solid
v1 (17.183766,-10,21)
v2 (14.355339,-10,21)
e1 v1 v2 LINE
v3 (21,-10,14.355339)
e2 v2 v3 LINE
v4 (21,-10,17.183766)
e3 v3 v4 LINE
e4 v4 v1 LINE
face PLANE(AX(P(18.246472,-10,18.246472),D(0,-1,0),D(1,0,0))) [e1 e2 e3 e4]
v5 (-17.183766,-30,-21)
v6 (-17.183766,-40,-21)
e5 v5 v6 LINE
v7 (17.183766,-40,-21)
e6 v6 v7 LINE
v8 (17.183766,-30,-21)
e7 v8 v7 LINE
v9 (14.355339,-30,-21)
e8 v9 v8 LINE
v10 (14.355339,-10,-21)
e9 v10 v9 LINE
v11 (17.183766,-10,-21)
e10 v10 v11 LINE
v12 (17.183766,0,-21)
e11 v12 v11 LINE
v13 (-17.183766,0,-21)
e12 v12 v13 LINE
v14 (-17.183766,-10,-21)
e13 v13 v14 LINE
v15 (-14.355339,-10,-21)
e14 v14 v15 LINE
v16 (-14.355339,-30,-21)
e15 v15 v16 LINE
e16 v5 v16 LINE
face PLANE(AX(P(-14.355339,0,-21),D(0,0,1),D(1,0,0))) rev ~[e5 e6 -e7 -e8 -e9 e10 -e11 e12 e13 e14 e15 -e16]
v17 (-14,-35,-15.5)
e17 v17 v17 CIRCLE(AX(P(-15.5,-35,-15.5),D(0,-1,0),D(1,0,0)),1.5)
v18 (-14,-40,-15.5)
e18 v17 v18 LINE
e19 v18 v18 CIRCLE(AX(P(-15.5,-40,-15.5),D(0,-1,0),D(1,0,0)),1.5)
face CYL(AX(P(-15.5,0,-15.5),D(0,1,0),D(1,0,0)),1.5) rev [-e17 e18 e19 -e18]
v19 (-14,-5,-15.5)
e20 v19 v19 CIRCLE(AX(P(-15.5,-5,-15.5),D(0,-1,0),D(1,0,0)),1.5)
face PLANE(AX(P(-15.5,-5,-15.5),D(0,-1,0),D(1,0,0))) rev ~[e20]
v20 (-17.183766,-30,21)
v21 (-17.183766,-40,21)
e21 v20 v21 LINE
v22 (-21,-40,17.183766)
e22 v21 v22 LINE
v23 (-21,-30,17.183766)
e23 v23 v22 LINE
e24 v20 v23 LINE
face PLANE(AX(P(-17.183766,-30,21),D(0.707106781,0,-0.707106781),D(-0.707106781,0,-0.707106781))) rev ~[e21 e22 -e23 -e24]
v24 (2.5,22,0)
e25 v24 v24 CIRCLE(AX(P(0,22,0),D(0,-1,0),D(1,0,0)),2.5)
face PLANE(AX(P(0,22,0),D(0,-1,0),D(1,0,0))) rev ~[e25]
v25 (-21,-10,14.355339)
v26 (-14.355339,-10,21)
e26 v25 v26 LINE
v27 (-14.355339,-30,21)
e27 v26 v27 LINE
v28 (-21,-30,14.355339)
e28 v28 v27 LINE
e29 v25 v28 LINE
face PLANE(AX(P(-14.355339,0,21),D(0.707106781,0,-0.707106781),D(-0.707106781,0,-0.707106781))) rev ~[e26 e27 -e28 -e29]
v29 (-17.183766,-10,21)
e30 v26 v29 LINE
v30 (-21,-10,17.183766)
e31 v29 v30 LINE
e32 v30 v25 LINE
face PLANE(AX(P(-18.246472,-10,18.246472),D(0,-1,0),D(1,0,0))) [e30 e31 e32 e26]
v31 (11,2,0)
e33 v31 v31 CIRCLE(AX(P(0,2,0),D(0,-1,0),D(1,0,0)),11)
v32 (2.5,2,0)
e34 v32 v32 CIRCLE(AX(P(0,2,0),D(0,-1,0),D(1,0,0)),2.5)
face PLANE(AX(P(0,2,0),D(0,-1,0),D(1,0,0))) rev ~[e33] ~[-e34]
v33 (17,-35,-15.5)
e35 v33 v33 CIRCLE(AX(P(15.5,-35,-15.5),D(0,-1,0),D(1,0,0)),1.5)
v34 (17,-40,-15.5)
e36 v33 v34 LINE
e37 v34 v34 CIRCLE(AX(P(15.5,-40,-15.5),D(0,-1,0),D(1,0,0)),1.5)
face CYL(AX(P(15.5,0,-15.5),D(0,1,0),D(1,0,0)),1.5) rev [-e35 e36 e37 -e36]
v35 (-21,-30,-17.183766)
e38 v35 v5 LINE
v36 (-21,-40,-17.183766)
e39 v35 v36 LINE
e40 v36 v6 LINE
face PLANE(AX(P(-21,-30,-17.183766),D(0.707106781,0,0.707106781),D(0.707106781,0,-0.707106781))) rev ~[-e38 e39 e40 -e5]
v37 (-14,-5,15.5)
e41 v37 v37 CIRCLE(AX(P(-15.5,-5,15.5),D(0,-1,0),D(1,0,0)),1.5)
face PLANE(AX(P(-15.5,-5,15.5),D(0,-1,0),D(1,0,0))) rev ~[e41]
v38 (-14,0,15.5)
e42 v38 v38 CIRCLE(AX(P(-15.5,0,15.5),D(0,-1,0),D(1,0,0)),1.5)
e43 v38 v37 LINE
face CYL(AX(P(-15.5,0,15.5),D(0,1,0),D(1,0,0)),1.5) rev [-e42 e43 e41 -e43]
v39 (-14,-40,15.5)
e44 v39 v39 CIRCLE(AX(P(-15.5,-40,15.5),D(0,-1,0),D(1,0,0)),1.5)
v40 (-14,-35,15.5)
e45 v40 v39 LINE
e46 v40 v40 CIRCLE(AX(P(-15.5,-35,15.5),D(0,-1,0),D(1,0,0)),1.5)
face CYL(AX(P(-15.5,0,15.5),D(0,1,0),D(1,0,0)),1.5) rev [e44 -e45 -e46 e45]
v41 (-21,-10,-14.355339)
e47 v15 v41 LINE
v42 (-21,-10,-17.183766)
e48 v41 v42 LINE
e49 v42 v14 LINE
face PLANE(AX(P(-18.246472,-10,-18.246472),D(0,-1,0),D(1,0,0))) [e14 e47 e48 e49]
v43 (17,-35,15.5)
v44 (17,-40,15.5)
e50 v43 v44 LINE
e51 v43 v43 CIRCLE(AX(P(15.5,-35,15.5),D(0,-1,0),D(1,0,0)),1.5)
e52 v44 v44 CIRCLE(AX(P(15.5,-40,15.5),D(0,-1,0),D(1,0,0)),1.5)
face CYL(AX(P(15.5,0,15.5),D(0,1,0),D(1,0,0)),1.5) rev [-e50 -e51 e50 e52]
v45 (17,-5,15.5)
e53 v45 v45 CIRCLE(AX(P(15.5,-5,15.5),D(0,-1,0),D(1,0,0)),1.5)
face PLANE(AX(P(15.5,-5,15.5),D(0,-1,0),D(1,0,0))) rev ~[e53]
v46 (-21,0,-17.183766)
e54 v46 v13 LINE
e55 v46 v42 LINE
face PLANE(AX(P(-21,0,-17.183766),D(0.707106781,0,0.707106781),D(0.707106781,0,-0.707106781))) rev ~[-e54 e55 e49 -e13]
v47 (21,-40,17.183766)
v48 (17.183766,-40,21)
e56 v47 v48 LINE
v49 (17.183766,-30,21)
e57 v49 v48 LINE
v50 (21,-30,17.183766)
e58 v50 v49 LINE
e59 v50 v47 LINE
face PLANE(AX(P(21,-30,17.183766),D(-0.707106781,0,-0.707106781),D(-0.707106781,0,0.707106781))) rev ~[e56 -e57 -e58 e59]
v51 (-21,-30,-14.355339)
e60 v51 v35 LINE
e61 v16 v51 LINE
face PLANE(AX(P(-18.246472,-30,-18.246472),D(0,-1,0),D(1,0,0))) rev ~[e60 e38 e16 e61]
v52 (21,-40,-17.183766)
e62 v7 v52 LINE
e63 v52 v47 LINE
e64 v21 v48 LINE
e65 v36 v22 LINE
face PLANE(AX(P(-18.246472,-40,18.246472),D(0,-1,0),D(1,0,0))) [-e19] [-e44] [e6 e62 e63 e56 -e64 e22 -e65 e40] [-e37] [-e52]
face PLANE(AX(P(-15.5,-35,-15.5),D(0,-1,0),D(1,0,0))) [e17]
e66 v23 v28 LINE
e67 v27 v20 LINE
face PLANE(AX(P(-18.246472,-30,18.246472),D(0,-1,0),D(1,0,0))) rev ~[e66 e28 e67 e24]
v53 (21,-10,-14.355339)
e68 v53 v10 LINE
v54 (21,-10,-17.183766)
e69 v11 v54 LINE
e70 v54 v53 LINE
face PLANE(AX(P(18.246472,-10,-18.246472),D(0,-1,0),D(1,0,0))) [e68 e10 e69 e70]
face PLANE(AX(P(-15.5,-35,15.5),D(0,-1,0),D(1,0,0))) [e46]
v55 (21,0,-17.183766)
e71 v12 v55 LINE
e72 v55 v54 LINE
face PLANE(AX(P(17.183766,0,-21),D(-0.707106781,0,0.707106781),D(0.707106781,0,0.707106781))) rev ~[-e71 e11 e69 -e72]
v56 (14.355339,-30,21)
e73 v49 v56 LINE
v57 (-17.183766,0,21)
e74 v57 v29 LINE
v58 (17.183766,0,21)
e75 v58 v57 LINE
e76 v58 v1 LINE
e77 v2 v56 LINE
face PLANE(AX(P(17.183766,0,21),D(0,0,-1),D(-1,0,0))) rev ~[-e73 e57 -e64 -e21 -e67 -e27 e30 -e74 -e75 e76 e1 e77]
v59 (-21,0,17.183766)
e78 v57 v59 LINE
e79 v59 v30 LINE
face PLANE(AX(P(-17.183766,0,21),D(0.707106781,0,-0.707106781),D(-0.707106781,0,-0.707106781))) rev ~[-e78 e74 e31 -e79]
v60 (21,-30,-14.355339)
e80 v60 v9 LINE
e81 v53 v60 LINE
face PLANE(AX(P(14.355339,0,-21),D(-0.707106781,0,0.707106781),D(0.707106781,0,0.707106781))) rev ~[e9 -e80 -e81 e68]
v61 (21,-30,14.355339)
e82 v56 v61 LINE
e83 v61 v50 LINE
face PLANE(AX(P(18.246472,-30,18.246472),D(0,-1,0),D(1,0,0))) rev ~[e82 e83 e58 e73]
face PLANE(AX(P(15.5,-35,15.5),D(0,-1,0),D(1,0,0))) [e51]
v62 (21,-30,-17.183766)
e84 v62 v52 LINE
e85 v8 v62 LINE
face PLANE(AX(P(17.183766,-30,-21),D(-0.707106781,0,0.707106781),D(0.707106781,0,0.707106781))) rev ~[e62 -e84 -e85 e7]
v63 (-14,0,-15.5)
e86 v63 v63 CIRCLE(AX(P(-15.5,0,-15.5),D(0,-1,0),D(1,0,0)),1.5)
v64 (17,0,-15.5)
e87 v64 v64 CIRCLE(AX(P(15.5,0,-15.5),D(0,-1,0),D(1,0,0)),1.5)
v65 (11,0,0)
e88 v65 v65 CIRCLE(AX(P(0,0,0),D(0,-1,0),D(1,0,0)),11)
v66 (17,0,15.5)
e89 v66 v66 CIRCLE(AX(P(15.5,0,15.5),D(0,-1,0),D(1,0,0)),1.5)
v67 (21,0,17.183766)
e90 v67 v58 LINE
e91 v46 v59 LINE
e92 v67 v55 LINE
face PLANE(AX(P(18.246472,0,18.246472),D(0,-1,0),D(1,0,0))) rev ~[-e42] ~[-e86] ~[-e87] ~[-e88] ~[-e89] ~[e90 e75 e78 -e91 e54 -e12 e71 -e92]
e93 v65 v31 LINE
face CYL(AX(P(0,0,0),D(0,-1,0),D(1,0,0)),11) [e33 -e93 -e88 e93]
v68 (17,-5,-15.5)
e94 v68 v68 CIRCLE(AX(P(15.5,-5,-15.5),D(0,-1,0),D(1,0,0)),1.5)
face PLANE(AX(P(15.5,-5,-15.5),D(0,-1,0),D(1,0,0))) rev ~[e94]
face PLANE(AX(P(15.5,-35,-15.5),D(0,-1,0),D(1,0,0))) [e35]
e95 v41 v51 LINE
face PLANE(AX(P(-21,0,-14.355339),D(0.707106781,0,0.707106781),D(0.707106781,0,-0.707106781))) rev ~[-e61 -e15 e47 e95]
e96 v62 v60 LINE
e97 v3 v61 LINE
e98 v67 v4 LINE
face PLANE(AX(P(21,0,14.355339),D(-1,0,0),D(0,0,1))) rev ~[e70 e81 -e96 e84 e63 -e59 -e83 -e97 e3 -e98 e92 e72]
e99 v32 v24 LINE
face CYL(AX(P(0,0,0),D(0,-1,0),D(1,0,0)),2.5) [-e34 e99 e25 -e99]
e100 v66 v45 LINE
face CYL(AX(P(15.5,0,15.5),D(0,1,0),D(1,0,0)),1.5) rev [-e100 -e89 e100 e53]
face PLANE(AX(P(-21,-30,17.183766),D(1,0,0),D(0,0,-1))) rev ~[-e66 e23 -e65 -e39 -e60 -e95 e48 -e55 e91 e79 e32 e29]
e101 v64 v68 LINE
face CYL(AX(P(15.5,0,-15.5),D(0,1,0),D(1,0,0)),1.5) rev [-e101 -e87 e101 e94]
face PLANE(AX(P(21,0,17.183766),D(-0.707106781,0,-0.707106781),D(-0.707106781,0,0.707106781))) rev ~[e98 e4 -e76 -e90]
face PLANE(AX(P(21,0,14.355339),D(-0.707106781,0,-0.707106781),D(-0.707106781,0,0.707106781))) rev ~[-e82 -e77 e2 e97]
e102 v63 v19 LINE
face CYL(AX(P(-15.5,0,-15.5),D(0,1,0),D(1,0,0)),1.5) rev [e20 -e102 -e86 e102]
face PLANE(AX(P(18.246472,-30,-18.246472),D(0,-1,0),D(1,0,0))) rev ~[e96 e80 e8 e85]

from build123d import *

# Parameters (mm, degrees)
F0_R     = 1.5
F0_R_2   = 11
F0_R_3   = 2.5
F1_DEPTH = 40
F2_START = 30
F2_DEPTH = 10
F3_DEPTH = 10
F4_DEPTH = 2
F5_DEPTH = 22
F6_START = 5
F6_DEPTH = 30


with BuildPart() as f1:
    # F0 (on Front) → F1 (new body)
    with BuildSketch(Plane.XZ):
        Polygon((-14.3553390593, 21), (-21, 14.3553390593), (-21, -14.3553390593), (-14.3553390593, -21), (14.3553390593, -21), (21, -14.3553390593), (21, 14.3553390593), (14.3553390593, 21), align=None)
        with Locations((-15.5, -15.5)):
            Circle(F0_R, mode=Mode.SUBTRACT)
        with Locations((15.5, -15.5)):
            Circle(F0_R, mode=Mode.SUBTRACT)
        with Locations((-15.5, 15.5)):
            Circle(F0_R, mode=Mode.SUBTRACT)
        Circle(F0_R_2, mode=Mode.SUBTRACT)
        with Locations((15.5, 15.5)):
            Circle(F0_R, mode=Mode.SUBTRACT)
        Circle(F0_R_2)
        Circle(F0_R_3, mode=Mode.SUBTRACT)
        Circle(F0_R_3)
    extrude(amount=F1_DEPTH)

    # F0 (on Front) → F2 (join)
    with BuildSketch(Plane.XZ.offset(F2_START)):
        Polygon((-17.1837661841, 21), (-21, 17.1837661841), (-21, 14.3553390593), (-14.3553390593, 21), align=None)
        Polygon((-14.3553390593, -21), (-21, -14.3553390593), (-21, -17.1837661841), (-17.1837661841, -21), align=None)
        Polygon((21, -14.3553390593), (14.3553390593, -21), (17.1837661841, -21), (21, -17.1837661841), align=None)
        Polygon((17.1837661841, 21), (14.3553390593, 21), (21, 14.3553390593), (21, 17.1837661841), align=None)
    extrude(amount=F2_DEPTH)

    # F0 (on Front) → F3 (join)
    with BuildSketch(Plane.XZ):
        Polygon((17.1837661841, 21), (14.3553390593, 21), (21, 14.3553390593), (21, 17.1837661841), align=None)
        Polygon((-17.1837661841, 21), (-21, 17.1837661841), (-21, 14.3553390593), (-14.3553390593, 21), align=None)
        Polygon((-14.3553390593, -21), (-21, -14.3553390593), (-21, -17.1837661841), (-17.1837661841, -21), align=None)
        Polygon((21, -14.3553390593), (14.3553390593, -21), (17.1837661841, -21), (21, -17.1837661841), align=None)
    extrude(amount=F3_DEPTH)

    # F0 (on Front) → F4 (join)
    with BuildSketch(Plane.XZ):
        Circle(F0_R_2)
        Circle(F0_R_3, mode=Mode.SUBTRACT)
    extrude(amount=-F4_DEPTH)

    # F0 (on Front) → F5 (join)
    with BuildSketch(Plane.XZ):
        Circle(F0_R_3)
    extrude(amount=-F5_DEPTH)

    # F0 (on Front) → F6 (join)
    with BuildSketch(Plane.XZ.offset(F6_START)):
        with Locations((15.5, 15.5)):
            Circle(F0_R)
        with Locations((-15.5, 15.5)):
            Circle(F0_R)
        with Locations((-15.5, -15.5)):
            Circle(F0_R)
        with Locations((15.5, -15.5)):
            Circle(F0_R)
    extrude(amount=F6_DEPTH)


solid = f1.part
